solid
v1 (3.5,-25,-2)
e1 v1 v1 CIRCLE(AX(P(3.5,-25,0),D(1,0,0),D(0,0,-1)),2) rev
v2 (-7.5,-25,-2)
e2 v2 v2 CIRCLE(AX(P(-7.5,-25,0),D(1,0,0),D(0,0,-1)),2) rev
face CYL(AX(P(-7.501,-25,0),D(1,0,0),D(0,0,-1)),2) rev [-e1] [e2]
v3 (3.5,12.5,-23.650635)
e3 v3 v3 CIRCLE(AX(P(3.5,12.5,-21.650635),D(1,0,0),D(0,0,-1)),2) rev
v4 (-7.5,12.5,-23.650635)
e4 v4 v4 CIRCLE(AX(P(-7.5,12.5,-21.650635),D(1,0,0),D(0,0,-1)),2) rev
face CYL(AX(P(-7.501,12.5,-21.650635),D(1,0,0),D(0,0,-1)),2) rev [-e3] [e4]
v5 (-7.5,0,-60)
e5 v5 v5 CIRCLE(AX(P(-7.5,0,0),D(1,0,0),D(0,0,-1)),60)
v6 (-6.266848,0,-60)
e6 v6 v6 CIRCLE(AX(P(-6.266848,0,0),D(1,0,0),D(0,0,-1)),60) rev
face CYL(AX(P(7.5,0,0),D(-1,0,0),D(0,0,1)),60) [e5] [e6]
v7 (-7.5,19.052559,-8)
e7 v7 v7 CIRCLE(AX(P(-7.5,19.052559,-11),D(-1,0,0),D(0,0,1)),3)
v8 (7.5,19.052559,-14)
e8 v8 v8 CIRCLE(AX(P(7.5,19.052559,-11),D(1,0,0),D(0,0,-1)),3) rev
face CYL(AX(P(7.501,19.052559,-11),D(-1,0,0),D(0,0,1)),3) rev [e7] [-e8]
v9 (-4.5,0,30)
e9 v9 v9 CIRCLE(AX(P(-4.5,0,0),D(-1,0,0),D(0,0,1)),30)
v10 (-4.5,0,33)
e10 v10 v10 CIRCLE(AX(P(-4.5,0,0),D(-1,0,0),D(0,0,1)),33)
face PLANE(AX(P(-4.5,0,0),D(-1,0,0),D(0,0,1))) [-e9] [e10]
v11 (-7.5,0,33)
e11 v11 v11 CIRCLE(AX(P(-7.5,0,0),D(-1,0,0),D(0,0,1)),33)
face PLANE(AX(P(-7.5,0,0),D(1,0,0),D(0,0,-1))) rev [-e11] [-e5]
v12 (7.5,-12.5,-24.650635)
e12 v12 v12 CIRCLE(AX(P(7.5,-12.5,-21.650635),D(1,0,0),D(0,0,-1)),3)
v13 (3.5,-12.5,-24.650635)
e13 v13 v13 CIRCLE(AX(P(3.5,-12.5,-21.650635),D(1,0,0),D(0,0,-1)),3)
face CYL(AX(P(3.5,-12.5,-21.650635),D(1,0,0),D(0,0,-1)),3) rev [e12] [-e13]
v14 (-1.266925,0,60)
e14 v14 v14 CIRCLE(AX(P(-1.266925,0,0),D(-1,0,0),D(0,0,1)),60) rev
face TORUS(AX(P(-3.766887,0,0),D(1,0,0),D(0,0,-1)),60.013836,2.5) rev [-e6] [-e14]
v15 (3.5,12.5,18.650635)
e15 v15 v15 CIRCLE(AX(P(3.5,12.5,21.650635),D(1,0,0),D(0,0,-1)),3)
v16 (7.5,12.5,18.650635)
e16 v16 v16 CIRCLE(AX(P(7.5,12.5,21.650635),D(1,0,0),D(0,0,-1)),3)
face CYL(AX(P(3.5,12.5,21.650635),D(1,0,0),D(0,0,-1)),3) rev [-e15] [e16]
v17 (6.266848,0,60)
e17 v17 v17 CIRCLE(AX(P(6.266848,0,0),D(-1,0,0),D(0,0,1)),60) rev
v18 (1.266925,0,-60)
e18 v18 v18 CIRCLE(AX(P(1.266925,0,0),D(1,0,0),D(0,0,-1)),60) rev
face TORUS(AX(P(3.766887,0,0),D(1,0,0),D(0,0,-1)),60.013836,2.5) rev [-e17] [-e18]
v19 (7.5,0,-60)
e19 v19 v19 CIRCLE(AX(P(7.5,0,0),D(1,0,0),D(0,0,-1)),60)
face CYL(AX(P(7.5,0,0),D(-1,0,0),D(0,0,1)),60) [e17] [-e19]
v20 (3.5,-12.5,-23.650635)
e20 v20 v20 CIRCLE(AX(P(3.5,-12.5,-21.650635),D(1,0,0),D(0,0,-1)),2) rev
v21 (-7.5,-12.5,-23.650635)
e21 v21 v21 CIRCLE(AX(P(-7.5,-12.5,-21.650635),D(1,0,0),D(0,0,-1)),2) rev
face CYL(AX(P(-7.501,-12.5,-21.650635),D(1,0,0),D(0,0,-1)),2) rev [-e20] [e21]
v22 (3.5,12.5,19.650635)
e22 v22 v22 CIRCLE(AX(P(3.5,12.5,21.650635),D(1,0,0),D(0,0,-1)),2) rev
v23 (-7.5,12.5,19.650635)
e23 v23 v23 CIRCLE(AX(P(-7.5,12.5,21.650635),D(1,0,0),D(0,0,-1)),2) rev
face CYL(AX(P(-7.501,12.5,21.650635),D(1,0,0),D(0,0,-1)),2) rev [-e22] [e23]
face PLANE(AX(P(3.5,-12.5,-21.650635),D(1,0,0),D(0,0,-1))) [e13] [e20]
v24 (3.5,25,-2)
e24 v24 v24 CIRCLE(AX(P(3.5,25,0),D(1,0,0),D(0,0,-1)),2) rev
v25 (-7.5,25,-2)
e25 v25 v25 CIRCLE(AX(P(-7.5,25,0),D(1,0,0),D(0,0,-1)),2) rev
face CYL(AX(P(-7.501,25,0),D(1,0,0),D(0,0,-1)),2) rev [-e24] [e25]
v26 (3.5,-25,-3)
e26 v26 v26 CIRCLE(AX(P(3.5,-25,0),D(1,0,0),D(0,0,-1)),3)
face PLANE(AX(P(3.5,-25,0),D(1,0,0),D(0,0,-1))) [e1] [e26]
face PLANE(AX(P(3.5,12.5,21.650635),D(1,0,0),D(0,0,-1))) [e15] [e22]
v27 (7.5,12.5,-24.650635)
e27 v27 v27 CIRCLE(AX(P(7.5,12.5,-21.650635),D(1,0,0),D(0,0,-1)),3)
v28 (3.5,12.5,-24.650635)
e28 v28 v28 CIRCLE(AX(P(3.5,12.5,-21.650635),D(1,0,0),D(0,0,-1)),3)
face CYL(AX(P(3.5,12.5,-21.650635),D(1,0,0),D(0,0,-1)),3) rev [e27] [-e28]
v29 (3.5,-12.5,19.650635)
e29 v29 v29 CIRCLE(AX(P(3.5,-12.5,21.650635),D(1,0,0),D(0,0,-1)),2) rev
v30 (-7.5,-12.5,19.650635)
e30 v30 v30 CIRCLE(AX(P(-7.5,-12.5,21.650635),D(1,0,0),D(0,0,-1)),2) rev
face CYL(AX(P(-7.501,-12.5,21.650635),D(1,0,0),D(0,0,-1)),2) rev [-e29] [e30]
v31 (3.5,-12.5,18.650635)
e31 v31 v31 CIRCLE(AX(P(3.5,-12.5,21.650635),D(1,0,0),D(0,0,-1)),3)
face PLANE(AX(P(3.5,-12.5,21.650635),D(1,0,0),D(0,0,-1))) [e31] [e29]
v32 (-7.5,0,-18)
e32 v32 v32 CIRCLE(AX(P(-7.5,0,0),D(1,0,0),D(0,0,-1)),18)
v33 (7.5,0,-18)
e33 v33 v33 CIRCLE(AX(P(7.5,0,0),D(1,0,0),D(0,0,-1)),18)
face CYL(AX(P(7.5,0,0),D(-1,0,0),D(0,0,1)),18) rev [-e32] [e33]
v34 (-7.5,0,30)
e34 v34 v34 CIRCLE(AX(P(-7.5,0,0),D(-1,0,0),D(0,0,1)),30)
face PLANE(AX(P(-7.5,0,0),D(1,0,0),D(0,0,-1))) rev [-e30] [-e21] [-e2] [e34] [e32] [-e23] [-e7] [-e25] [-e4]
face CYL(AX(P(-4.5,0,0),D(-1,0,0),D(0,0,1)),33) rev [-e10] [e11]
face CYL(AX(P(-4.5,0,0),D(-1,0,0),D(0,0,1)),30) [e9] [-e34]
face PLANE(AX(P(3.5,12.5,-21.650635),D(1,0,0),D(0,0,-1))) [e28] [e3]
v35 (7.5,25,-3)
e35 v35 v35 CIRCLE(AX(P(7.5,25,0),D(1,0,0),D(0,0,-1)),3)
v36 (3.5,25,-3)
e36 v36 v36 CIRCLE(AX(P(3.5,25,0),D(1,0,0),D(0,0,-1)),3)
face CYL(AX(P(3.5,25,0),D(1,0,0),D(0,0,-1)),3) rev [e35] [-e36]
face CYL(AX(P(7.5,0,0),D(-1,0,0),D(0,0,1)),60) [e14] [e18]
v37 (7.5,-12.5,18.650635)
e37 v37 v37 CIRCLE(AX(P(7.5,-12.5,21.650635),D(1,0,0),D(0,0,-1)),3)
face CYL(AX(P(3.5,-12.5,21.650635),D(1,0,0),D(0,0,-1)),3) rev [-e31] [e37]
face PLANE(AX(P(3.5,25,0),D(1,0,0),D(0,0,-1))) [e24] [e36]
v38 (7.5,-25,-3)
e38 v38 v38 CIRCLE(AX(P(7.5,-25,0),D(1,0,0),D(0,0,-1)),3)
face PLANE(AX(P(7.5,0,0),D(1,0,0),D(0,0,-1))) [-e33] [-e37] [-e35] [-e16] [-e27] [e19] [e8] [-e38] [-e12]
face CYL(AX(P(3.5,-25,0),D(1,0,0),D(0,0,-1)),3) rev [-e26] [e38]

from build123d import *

# Parameters (mm, degrees)
SKETCH1_R           = 60
SKETCH1_R_2         = 18
BOSS_EXTRUDE1_DEPTH = 7.5
CUT_EXTRUDE2_REACH  = 17
SKETCH3_R           = 2
SKETCH4_R           = 33
SKETCH4_R_2         = 31.5
SKETCH4_R_3         = 30
CUT_EXTRUDE3_DEPTH  = 3
SKETCH5_R           = 2.5
SKETCH6_R           = 3
CUT_EXTRUDE4_DEPTH  = 4
CUT_EXTRUDE5_REACH  = 17
SKETCH7_R           = 3


with BuildPart() as part:
    # Sketch1 → Boss-Extrude1 (new body, symmetric)
    with BuildSketch(Plane(origin=(0, 0, 0), x_dir=(0, 0, -1), z_dir=(1, 0, 0))):
        Circle(SKETCH1_R)
        Circle(SKETCH1_R_2, mode=Mode.SUBTRACT)
    extrude(amount=BOSS_EXTRUDE1_DEPTH, both=True)

    # Sketch3 → Cut-Extrude2 (cut, up to next)
    with BuildSketch(Plane(origin=(7.5, 0, 0), x_dir=(0, 0, -1), z_dir=(1, 0, 0)), mode=Mode.PRIVATE) as cut_extrude2_sk1:
        with Locations((0, 25)):
            Circle(SKETCH3_R)
    cut_extrude2_tool1 = extrude(cut_extrude2_sk1.sketch, amount=-CUT_EXTRUDE2_REACH, mode=Mode.PRIVATE) & part.part
    add(cut_extrude2_tool1.solids().sort_by_distance((7.5, 25, 0))[0], mode=Mode.SUBTRACT)
    # Sketch3 → Cut-Extrude2 (cut, up to next)
    with BuildSketch(Plane(origin=(7.5, 0, 0), x_dir=(0, 0, -1), z_dir=(1, 0, 0)), mode=Mode.PRIVATE) as cut_extrude2_sk2:
        with Locations((21.650635095, 12.5)):
            Circle(SKETCH3_R)
    cut_extrude2_tool2 = extrude(cut_extrude2_sk2.sketch, amount=-CUT_EXTRUDE2_REACH, mode=Mode.PRIVATE) & part.part
    add(cut_extrude2_tool2.solids().sort_by_distance((7.5, 12.5, -21.650635))[0], mode=Mode.SUBTRACT)
    # Sketch3 → Cut-Extrude2 (cut, up to next)
    with BuildSketch(Plane(origin=(7.5, 0, 0), x_dir=(0, 0, -1), z_dir=(1, 0, 0)), mode=Mode.PRIVATE) as cut_extrude2_sk3:
        with Locations((21.650635095, -12.5)):
            Circle(SKETCH3_R)
    cut_extrude2_tool3 = extrude(cut_extrude2_sk3.sketch, amount=-CUT_EXTRUDE2_REACH, mode=Mode.PRIVATE) & part.part
    add(cut_extrude2_tool3.solids().sort_by_distance((7.5, -12.5, -21.650635))[0], mode=Mode.SUBTRACT)
    # Sketch3 → Cut-Extrude2 (cut, up to next)
    with BuildSketch(Plane(origin=(7.5, 0, 0), x_dir=(0, 0, -1), z_dir=(1, 0, 0)), mode=Mode.PRIVATE) as cut_extrude2_sk4:
        with Locations((0, -25)):
            Circle(SKETCH3_R)
    cut_extrude2_tool4 = extrude(cut_extrude2_sk4.sketch, amount=-CUT_EXTRUDE2_REACH, mode=Mode.PRIVATE) & part.part
    add(cut_extrude2_tool4.solids().sort_by_distance((7.5, -25, 0))[0], mode=Mode.SUBTRACT)
    # Sketch3 → Cut-Extrude2 (cut, up to next)
    with BuildSketch(Plane(origin=(7.5, 0, 0), x_dir=(0, 0, -1), z_dir=(1, 0, 0)), mode=Mode.PRIVATE) as cut_extrude2_sk5:
        with Locations((-21.650635095, -12.5)):
            Circle(SKETCH3_R)
    cut_extrude2_tool5 = extrude(cut_extrude2_sk5.sketch, amount=-CUT_EXTRUDE2_REACH, mode=Mode.PRIVATE) & part.part
    add(cut_extrude2_tool5.solids().sort_by_distance((7.5, -12.5, 21.650635))[0], mode=Mode.SUBTRACT)
    # Sketch3 → Cut-Extrude2 (cut, up to next)
    with BuildSketch(Plane(origin=(7.5, 0, 0), x_dir=(0, 0, -1), z_dir=(1, 0, 0)), mode=Mode.PRIVATE) as cut_extrude2_sk6:
        with Locations((-21.650635095, 12.5)):
            Circle(SKETCH3_R)
    cut_extrude2_tool6 = extrude(cut_extrude2_sk6.sketch, amount=-CUT_EXTRUDE2_REACH, mode=Mode.PRIVATE) & part.part
    add(cut_extrude2_tool6.solids().sort_by_distance((7.5, 12.5, 21.650635))[0], mode=Mode.SUBTRACT)

    # Sketch4 → Cut-Extrude3 (cut)
    with BuildSketch(Plane.ZY.offset(7.5)):
        Circle(SKETCH4_R)
        Circle(SKETCH4_R_2, mode=Mode.SUBTRACT)
        Circle(SKETCH4_R_2)
        Circle(SKETCH4_R_3, mode=Mode.SUBTRACT)
    extrude(amount=-CUT_EXTRUDE3_DEPTH, mode=Mode.SUBTRACT)

    # Sketch5 → Cut-Revolve2 (revolve, cut)
    with BuildSketch(Plane.XY):
        with Locations((3.766886577, 60.013835775)):
            Circle(SKETCH5_R)
        with Locations((-3.766886577, 60.013835775)):
            Circle(SKETCH5_R)
    revolve(axis=Axis((7.5, 0, 0), (-1, 0, 0)), mode=Mode.SUBTRACT)

    # Sketch6 → Cut-Extrude4 (cut)
    with BuildSketch(Plane(origin=(7.5, 0, 0), x_dir=(0, 0, -1), z_dir=(1, 0, 0))):
        with Locations((0, 25)):
            Circle(SKETCH6_R)
        with Locations((21.650635095, 12.5)):
            Circle(SKETCH6_R)
        with Locations((21.650635095, -12.5)):
            Circle(SKETCH6_R)
        with Locations((0, -25)):
            Circle(SKETCH6_R)
        with Locations((-21.650635095, -12.5)):
            Circle(SKETCH6_R)
        with Locations((-21.650635095, 12.5)):
            Circle(SKETCH6_R)
    extrude(amount=-CUT_EXTRUDE4_DEPTH, mode=Mode.SUBTRACT)

    # Sketch7 → Cut-Extrude5 (cut, up to next)
    with BuildSketch(Plane.ZY.offset(7.5), mode=Mode.PRIVATE) as cut_extrude5_sk1:
        with Locations((-11, 19.052558883)):
            Circle(SKETCH7_R)
    cut_extrude5_tool1 = extrude(cut_extrude5_sk1.sketch, amount=-CUT_EXTRUDE5_REACH, mode=Mode.PRIVATE) & part.part
    add(cut_extrude5_tool1.solids().sort_by_distance((-7.5, 19.052559, -11))[0], mode=Mode.SUBTRACT)


solid = part.part
